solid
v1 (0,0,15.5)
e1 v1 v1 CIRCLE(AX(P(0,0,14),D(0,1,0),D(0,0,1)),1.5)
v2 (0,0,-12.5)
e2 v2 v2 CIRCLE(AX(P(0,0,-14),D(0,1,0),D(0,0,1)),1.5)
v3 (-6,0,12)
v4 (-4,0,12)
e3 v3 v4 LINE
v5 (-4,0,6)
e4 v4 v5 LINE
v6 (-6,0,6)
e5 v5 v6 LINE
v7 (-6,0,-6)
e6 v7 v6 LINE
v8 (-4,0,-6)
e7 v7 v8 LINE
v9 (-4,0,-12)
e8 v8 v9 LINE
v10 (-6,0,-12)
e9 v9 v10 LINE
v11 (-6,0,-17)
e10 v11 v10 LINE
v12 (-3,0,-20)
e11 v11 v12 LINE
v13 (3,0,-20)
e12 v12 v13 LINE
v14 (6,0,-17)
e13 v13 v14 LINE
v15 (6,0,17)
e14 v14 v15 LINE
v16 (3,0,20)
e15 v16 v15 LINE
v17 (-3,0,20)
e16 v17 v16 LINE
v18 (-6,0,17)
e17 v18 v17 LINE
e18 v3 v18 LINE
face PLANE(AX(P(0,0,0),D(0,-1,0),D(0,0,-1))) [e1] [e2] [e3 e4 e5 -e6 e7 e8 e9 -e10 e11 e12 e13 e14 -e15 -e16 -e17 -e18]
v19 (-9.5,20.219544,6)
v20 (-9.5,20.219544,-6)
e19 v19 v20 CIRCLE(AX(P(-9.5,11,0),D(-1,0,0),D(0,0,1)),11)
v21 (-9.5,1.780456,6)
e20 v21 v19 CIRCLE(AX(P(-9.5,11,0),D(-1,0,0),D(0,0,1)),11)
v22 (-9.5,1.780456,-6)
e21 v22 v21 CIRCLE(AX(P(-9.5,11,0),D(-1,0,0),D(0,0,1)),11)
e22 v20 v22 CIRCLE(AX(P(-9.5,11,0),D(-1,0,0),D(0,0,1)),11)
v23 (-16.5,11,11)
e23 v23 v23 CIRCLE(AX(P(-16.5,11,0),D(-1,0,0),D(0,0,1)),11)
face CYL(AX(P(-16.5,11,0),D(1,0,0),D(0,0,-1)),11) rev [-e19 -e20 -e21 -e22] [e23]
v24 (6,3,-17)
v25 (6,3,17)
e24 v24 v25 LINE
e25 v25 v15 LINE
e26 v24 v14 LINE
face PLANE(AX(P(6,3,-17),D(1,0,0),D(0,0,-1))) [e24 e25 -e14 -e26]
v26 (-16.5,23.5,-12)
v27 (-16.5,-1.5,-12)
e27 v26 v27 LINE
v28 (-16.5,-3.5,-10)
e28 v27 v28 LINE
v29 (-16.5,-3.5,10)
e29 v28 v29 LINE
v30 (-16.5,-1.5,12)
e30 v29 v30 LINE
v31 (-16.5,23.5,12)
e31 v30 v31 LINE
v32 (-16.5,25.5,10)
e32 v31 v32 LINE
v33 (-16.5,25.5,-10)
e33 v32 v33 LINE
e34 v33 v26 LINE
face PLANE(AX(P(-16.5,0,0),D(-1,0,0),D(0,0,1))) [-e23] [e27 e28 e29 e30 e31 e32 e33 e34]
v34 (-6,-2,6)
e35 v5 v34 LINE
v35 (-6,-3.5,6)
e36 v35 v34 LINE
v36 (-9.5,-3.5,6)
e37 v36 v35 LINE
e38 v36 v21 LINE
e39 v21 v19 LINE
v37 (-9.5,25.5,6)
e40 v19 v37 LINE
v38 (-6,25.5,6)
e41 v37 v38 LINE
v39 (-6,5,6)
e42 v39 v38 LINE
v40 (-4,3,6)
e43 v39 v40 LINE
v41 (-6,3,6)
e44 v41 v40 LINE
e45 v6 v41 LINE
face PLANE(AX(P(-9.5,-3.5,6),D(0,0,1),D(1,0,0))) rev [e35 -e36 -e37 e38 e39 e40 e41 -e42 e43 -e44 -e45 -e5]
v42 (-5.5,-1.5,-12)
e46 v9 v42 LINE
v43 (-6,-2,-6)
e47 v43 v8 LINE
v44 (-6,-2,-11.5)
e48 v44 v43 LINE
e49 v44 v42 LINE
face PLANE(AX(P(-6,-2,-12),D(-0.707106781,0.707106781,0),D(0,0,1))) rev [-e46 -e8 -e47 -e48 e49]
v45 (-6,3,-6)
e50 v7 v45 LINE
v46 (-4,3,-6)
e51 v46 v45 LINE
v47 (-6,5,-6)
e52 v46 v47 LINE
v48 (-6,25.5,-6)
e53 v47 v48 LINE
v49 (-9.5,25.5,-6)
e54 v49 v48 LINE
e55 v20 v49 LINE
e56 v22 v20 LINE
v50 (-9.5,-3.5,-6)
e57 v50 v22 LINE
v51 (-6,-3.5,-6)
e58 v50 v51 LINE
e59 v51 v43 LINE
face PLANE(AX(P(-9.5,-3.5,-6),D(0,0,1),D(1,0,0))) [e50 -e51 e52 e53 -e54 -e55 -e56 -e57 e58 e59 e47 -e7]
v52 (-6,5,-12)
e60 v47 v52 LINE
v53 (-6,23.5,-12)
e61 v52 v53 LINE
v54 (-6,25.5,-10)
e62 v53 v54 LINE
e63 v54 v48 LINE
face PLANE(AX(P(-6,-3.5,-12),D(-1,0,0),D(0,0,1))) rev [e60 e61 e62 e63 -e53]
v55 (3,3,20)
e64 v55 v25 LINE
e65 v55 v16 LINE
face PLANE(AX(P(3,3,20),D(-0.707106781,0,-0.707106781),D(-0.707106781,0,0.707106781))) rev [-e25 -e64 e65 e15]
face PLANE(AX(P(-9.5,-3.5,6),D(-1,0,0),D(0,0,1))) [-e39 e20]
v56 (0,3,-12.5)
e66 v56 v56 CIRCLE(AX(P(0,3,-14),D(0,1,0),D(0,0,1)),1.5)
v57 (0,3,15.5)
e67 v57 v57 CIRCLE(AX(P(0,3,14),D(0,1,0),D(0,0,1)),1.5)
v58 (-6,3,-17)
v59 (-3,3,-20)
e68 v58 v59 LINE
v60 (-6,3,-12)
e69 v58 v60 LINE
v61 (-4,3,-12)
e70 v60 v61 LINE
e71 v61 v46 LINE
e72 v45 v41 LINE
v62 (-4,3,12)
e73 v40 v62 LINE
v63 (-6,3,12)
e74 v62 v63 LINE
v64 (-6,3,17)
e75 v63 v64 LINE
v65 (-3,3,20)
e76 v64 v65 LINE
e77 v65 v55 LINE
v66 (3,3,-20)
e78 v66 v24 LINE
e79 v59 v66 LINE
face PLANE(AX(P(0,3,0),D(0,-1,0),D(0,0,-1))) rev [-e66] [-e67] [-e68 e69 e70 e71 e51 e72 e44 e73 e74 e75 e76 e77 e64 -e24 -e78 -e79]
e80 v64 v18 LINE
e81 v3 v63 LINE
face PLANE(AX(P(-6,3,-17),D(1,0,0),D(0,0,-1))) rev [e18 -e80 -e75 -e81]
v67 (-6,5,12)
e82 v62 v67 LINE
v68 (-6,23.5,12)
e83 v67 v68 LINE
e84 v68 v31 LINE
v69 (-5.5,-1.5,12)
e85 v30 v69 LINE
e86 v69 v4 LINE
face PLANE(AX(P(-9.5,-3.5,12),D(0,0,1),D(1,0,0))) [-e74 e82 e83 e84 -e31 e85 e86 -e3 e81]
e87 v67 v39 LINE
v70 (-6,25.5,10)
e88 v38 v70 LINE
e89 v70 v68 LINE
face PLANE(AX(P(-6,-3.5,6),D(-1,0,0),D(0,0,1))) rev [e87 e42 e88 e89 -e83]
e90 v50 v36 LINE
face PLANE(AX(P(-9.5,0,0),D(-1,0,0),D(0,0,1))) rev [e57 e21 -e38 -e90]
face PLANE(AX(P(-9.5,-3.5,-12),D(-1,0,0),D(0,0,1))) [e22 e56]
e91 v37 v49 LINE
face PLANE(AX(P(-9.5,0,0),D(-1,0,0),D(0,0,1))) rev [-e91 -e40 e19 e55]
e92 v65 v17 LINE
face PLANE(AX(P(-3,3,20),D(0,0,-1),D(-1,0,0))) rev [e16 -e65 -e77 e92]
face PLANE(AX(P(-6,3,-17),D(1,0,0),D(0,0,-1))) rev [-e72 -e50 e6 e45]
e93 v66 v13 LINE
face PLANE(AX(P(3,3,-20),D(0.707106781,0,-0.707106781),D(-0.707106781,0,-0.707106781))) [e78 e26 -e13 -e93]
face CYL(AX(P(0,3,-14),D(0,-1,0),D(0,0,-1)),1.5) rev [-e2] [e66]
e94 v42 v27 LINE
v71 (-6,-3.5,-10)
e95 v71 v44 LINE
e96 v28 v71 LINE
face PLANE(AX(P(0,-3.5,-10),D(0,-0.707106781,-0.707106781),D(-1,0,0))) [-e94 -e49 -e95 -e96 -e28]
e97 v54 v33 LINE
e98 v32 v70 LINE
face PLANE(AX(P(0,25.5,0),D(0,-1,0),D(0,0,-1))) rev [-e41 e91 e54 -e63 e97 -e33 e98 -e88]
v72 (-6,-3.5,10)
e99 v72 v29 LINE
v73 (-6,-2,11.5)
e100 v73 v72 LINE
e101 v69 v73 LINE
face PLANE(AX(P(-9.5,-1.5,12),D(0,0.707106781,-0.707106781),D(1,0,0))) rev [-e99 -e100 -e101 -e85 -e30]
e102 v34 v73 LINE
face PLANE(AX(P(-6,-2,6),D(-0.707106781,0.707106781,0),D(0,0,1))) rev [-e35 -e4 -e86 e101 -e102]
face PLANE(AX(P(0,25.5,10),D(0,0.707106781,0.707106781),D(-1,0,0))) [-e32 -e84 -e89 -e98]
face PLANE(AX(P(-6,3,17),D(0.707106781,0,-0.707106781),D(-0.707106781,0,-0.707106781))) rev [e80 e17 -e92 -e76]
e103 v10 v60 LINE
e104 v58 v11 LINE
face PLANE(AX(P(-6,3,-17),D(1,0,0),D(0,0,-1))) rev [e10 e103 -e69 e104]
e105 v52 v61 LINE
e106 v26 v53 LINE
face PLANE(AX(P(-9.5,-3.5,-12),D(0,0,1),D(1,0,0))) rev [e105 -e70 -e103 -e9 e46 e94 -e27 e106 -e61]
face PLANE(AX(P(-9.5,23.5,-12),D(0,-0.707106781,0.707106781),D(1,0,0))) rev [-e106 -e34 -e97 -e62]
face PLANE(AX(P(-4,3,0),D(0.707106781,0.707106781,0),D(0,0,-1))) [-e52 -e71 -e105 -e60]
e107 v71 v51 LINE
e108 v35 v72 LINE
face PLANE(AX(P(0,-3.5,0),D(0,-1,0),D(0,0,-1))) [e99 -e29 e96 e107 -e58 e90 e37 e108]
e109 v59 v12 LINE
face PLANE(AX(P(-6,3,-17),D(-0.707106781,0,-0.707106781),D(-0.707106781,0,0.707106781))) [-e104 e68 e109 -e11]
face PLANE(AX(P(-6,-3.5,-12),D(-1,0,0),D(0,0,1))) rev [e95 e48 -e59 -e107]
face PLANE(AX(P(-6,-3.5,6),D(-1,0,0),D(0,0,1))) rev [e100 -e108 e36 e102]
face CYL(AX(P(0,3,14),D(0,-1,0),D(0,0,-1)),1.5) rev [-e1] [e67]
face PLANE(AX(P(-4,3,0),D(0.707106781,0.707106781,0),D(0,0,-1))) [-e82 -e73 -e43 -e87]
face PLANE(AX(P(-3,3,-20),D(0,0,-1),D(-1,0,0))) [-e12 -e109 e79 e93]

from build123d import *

# Parameters (mm, degrees)
SKETCH1_R           = 1.5
BOSS_EXTRUDE1_DEPTH = 3
BOSS_EXTRUDE2_START = 22.5
SKETCH2_W           = 3.5
SKETCH2_H           = 6
BOSS_EXTRUDE2_DEPTH = 29
CHAMFER2_SIZE       = 2
SKETCH3_W           = 24
SKETCH3_H           = 29
SKETCH3_R           = 11
BOSS_EXTRUDE4_DEPTH = 7
CHAMFER3_SIZE       = 2


with BuildPart() as part:
    # Sketch1 → Boss-Extrude1 (new body)
    with BuildSketch(Plane(origin=(0, 0, 0), x_dir=(1, 0, 0), z_dir=(0, 1, 0))):
        Polygon((-6, 17), (-3, 20), (3, 20), (6, 17), (6, -17), (3, -20), (-3, -20), (-6, -17), align=None)
        with Locations(Location((0, 14, 0), (0, 0, 270))):
            Circle(SKETCH1_R, mode=Mode.SUBTRACT)
        with Locations(Location((0, -14, 0), (0, 0, 270))):
            Circle(SKETCH1_R, mode=Mode.SUBTRACT)
    extrude(amount=BOSS_EXTRUDE1_DEPTH)

    # Sketch2 → Boss-Extrude2 (add)
    with BuildSketch(Plane(origin=(0, 3, 0), x_dir=(1, 0, 0), z_dir=(0, 1, 0)).offset(BOSS_EXTRUDE2_START)):
        with Locations((-7.75, 9)):
            Rectangle(SKETCH2_W, SKETCH2_H)
        with Locations((-7.75, -9)):
            Rectangle(SKETCH2_W, SKETCH2_H)
    extrude(amount=-BOSS_EXTRUDE2_DEPTH)

    # Chamfer2
    chamfer2_edges = [part.edges().sort_by_distance(p)[0] for p in [
        (-6, 0, -9),
        (-6, 0, 9),
        (-6, 3, -9),
        (-6, 3, 9),
    ]]
    chamfer(chamfer2_edges, length=CHAMFER2_SIZE)

    # Sketch3 → Boss-Extrude4 (add)
    with BuildSketch(Plane.ZY.offset(9.5)):
        with Locations((0, 11)):
            Rectangle(SKETCH3_W, SKETCH3_H)
        with Locations(Location((0, 11, 0), (0, 0, 236.944268849))):
            Circle(SKETCH3_R, mode=Mode.SUBTRACT)
    extrude(amount=BOSS_EXTRUDE4_DEPTH)

    # Chamfer3
    chamfer3_edges = [part.edges().sort_by_distance(p)[0] for p in [
        (-11.25, 25.5, -12),
        (-11.25, -3.5, -12),
        (-11.25, -3.5, 12),
        (-11.25, 25.5, 12),
    ]]
    chamfer(chamfer3_edges, length=CHAMFER3_SIZE)


solid = part.part
